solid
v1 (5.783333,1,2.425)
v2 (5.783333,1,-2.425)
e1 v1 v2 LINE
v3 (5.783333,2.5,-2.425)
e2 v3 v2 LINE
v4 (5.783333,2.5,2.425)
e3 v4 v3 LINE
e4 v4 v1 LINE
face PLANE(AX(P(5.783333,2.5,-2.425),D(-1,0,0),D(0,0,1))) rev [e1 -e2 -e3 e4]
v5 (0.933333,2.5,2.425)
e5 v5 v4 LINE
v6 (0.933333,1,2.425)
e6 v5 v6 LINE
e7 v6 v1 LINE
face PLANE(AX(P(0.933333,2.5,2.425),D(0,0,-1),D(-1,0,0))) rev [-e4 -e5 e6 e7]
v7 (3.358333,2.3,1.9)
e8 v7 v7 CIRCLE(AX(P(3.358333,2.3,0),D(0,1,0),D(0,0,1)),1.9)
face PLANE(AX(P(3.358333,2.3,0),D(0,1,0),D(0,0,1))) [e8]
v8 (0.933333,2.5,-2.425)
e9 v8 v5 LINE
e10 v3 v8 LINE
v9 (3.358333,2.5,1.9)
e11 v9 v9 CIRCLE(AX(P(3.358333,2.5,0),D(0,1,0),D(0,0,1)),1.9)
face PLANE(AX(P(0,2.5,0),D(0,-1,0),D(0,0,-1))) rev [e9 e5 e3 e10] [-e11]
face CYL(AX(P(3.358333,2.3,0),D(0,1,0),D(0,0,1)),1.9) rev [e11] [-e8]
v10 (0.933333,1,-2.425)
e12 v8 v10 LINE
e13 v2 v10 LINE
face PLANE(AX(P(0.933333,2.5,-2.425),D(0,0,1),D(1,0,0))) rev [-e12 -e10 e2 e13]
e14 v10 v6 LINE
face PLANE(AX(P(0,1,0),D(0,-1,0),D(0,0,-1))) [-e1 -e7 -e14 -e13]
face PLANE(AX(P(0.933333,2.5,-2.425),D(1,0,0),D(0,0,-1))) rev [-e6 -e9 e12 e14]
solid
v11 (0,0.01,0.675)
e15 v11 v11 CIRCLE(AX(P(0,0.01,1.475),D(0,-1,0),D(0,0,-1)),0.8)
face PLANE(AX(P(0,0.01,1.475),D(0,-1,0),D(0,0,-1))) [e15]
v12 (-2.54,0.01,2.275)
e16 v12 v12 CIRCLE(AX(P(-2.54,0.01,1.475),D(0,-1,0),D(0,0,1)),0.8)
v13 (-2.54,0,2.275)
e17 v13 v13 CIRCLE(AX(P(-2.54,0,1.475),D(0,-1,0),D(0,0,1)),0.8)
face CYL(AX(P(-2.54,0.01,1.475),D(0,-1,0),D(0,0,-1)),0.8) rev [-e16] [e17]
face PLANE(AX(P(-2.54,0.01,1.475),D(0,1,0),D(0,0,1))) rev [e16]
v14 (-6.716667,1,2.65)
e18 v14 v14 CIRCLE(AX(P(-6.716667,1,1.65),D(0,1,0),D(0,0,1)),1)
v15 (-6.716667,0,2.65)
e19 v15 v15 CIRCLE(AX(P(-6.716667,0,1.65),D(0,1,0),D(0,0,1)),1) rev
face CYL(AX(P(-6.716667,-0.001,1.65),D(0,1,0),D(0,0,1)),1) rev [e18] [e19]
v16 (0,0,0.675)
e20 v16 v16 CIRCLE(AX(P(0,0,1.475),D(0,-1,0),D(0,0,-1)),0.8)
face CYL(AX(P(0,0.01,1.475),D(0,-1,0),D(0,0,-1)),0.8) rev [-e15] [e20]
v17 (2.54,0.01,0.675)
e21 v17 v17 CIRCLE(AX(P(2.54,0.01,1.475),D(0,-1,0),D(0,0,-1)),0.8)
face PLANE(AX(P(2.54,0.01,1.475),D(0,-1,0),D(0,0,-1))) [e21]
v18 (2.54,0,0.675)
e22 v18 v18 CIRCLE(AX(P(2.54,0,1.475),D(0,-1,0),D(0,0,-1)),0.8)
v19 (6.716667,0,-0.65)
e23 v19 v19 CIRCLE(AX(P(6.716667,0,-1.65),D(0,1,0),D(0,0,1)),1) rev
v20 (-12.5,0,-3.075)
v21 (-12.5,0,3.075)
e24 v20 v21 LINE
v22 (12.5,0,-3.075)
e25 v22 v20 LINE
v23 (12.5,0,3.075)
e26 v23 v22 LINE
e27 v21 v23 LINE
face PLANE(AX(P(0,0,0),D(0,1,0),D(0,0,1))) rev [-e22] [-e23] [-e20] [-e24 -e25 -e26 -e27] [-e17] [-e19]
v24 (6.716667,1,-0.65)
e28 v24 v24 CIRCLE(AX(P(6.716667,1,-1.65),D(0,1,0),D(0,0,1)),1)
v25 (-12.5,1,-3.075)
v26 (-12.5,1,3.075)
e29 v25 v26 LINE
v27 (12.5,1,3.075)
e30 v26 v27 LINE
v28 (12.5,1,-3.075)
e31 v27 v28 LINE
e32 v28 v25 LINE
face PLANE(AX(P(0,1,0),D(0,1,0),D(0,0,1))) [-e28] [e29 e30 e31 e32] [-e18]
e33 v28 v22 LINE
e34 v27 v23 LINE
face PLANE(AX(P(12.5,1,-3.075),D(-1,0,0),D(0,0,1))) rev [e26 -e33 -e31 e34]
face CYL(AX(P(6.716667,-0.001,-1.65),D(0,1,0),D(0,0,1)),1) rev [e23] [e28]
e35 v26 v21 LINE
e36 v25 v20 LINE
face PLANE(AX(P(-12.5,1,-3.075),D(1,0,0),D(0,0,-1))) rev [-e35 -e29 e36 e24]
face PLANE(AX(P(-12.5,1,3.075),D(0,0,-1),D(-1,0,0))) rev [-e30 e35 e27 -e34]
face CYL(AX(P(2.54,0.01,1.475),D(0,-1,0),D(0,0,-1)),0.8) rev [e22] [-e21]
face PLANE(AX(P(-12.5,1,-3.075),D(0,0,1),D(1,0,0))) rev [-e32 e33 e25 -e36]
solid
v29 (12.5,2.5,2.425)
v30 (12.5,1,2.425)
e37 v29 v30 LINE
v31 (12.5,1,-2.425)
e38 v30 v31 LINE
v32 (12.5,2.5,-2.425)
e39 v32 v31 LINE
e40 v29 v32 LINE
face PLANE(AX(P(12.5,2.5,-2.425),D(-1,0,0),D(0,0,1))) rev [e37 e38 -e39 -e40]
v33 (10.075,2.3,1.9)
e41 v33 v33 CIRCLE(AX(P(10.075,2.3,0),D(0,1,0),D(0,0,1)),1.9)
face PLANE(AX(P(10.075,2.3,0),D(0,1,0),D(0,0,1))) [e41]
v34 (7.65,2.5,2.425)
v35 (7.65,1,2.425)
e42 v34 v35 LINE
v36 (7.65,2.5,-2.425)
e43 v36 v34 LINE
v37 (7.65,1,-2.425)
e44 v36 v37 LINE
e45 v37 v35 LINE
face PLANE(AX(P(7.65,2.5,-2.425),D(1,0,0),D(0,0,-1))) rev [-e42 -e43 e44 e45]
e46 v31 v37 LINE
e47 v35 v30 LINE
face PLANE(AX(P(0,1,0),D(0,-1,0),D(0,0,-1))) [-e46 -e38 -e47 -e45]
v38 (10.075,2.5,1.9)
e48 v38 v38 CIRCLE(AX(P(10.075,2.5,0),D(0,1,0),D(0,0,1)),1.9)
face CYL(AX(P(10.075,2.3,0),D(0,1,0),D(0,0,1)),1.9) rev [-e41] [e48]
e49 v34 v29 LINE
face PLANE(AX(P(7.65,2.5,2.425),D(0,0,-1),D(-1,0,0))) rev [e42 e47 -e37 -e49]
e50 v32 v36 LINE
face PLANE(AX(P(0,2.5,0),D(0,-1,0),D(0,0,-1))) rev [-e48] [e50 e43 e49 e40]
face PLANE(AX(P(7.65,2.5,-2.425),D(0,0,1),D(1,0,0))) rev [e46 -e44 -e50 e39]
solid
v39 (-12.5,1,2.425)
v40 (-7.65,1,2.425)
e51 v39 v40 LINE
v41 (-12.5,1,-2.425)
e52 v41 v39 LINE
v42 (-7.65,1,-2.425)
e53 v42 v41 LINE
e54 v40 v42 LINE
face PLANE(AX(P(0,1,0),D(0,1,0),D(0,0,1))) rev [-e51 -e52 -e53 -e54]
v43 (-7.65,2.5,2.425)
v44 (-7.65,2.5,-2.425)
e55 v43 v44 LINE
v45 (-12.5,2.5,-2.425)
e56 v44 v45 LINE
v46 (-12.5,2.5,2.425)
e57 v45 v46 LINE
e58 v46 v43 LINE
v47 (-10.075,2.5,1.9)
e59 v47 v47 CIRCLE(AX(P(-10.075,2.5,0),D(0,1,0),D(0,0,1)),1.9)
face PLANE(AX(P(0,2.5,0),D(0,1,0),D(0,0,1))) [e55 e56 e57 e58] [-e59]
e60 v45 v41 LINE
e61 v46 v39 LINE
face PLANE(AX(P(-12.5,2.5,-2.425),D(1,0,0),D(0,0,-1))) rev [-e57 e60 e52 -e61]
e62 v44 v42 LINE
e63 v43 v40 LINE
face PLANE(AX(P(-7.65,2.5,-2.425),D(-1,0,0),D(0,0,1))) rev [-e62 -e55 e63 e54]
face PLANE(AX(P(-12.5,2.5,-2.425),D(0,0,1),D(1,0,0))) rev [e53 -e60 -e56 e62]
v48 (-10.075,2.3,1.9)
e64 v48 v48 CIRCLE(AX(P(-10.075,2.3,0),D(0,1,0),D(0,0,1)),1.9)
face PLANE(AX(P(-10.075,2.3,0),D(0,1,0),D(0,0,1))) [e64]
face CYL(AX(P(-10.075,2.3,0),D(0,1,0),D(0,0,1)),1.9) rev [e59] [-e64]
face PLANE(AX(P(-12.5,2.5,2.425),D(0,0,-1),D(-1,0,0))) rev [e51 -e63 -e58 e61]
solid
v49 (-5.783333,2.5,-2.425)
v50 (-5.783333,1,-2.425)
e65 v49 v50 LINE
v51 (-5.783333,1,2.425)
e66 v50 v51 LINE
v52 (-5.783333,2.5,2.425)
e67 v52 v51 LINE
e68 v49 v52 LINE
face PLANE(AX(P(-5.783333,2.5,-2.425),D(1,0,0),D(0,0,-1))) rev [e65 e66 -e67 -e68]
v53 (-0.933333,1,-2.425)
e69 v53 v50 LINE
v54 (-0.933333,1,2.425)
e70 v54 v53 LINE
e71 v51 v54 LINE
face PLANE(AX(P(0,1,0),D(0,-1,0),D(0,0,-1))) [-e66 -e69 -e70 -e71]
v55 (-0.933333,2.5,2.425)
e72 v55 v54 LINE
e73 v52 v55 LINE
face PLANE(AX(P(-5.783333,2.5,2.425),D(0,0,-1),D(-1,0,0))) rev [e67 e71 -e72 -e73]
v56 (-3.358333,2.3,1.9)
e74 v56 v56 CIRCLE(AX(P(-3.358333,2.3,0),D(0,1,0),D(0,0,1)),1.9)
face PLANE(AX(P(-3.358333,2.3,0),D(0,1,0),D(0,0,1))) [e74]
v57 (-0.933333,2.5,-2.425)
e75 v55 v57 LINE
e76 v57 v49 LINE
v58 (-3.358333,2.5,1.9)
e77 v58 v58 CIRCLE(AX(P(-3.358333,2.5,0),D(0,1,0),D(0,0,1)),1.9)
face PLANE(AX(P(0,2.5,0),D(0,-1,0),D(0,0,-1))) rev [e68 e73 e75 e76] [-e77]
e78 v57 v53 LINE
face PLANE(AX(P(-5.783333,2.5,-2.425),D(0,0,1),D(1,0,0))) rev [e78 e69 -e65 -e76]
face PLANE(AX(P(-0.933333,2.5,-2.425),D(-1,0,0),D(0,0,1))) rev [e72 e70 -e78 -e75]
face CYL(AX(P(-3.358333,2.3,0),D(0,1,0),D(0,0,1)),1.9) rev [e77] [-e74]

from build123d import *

# Parameters (mm, degrees)
SKETCH1_W             = 25
SKETCH1_H             = 6.15
BOSS_EXTRUDE1_DEPTH   = 1
SKETCH2_W             = 4.85
SKETCH2_H             = 4.85
BOSS_EXTRUDE2_DEPTH   = 1.5
BOSS_EXTRUDE2_2_DEPTH = 1.5
BOSS_EXTRUDE2_3_DEPTH = 1.5
BOSS_EXTRUDE2_4_DEPTH = 1.5
SKETCH3_R             = 1
CUT_EXTRUDE1_DEPTH    = 1
SKETCH4_R             = 1.9
CUT_EXTRUDE2_DEPTH    = 0.2
SKETCH5_R             = 0.8
CUT_EXTRUDE3_DEPTH    = 0.01


with BuildPart() as part:
    # Sketch1 → Boss-Extrude1 (new body)
    with BuildSketch(Plane(origin=(0, 0, 0), x_dir=(1, 0, 0), z_dir=(0, 1, 0))):
        Rectangle(SKETCH1_W, SKETCH1_H)
    extrude(amount=BOSS_EXTRUDE1_DEPTH)

    # Sketch3 → Cut-Extrude1 (cut)
    with BuildSketch(Plane(origin=(0, 1, 0), x_dir=(1, 0, 0), z_dir=(0, 1, 0))):
        with Locations((-6.716666667, -1.65)):
            Circle(SKETCH3_R)
        with Locations((6.716666667, 1.65)):
            Circle(SKETCH3_R)
    extrude(amount=-CUT_EXTRUDE1_DEPTH, mode=Mode.SUBTRACT)

    # Sketch5 → Cut-Extrude3 (cut)
    with BuildSketch(Plane.XZ):
        with Locations((0, 1.475)):
            Circle(SKETCH5_R)
        with Locations((2.54, 1.475)):
            Circle(SKETCH5_R)
        with Locations((-2.54, 1.475)):
            Circle(SKETCH5_R)
    extrude(amount=-CUT_EXTRUDE3_DEPTH, mode=Mode.SUBTRACT)


with BuildPart() as body_2:
    # Sketch2 → Boss-Extrude2 (new body)
    with BuildSketch(Plane(origin=(0, 1, 0), x_dir=(1, 0, 0), z_dir=(0, 1, 0))):
        with Locations((-3.358333333, 0)):
            Rectangle(SKETCH2_W, SKETCH2_H)
    extrude(amount=BOSS_EXTRUDE2_DEPTH)


with BuildPart() as body_3:
    # Sketch2 → Boss-Extrude2 2 (new body)
    with BuildSketch(Plane(origin=(0, 1, 0), x_dir=(1, 0, 0), z_dir=(0, 1, 0))):
        with Locations((-10.075, 0)):
            Rectangle(SKETCH2_W, SKETCH2_H)
    extrude(amount=BOSS_EXTRUDE2_2_DEPTH)


with BuildPart() as body_4:
    # Sketch2 → Boss-Extrude2 3 (new body)
    with BuildSketch(Plane(origin=(0, 1, 0), x_dir=(1, 0, 0), z_dir=(0, 1, 0))):
        with Locations((3.358333333, 0)):
            Rectangle(SKETCH2_W, SKETCH2_H)
    extrude(amount=BOSS_EXTRUDE2_3_DEPTH)


with BuildPart() as body_5:
    # Sketch2 → Boss-Extrude2 4 (new body)
    with BuildSketch(Plane(origin=(0, 1, 0), x_dir=(1, 0, 0), z_dir=(0, 1, 0))):
        with Locations((10.075, 0)):
            Rectangle(SKETCH2_W, SKETCH2_H)
    extrude(amount=BOSS_EXTRUDE2_4_DEPTH)


with BuildPart() as cut_extrude2_tool:
    # Sketch4 → Cut-Extrude2 (new body)
    with BuildSketch(Plane(origin=(0, 2.5, 0), x_dir=(1, 0, 0), z_dir=(0, 1, 0))):
        with Locations((-10.075, 0)):
            Circle(SKETCH4_R)
        with Locations((-3.358333333, 0)):
            Circle(SKETCH4_R)
        with Locations((3.358333333, 0)):
            Circle(SKETCH4_R)
        with Locations((10.075, 0)):
            Circle(SKETCH4_R)
    extrude(amount=-CUT_EXTRUDE2_DEPTH)


with BuildPart() as body_2_1:
    add(body_2.part)

    # Cut-Extrude2: cut by cut_extrude2_tool
    add(cut_extrude2_tool.part, mode=Mode.SUBTRACT)


with BuildPart() as body_3_1:
    add(body_3.part)

    # Cut-Extrude2: cut by cut_extrude2_tool
    add(cut_extrude2_tool.part, mode=Mode.SUBTRACT)


with BuildPart() as body_4_1:
    add(body_4.part)

    # Cut-Extrude2: cut by cut_extrude2_tool
    add(cut_extrude2_tool.part, mode=Mode.SUBTRACT)


with BuildPart() as body_5_1:
    add(body_5.part)

    # Cut-Extrude2: cut by cut_extrude2_tool
    add(cut_extrude2_tool.part, mode=Mode.SUBTRACT)


solid = Compound([part.part, body_2_1.part, body_3_1.part, body_4_1.part, body_5_1.part])
